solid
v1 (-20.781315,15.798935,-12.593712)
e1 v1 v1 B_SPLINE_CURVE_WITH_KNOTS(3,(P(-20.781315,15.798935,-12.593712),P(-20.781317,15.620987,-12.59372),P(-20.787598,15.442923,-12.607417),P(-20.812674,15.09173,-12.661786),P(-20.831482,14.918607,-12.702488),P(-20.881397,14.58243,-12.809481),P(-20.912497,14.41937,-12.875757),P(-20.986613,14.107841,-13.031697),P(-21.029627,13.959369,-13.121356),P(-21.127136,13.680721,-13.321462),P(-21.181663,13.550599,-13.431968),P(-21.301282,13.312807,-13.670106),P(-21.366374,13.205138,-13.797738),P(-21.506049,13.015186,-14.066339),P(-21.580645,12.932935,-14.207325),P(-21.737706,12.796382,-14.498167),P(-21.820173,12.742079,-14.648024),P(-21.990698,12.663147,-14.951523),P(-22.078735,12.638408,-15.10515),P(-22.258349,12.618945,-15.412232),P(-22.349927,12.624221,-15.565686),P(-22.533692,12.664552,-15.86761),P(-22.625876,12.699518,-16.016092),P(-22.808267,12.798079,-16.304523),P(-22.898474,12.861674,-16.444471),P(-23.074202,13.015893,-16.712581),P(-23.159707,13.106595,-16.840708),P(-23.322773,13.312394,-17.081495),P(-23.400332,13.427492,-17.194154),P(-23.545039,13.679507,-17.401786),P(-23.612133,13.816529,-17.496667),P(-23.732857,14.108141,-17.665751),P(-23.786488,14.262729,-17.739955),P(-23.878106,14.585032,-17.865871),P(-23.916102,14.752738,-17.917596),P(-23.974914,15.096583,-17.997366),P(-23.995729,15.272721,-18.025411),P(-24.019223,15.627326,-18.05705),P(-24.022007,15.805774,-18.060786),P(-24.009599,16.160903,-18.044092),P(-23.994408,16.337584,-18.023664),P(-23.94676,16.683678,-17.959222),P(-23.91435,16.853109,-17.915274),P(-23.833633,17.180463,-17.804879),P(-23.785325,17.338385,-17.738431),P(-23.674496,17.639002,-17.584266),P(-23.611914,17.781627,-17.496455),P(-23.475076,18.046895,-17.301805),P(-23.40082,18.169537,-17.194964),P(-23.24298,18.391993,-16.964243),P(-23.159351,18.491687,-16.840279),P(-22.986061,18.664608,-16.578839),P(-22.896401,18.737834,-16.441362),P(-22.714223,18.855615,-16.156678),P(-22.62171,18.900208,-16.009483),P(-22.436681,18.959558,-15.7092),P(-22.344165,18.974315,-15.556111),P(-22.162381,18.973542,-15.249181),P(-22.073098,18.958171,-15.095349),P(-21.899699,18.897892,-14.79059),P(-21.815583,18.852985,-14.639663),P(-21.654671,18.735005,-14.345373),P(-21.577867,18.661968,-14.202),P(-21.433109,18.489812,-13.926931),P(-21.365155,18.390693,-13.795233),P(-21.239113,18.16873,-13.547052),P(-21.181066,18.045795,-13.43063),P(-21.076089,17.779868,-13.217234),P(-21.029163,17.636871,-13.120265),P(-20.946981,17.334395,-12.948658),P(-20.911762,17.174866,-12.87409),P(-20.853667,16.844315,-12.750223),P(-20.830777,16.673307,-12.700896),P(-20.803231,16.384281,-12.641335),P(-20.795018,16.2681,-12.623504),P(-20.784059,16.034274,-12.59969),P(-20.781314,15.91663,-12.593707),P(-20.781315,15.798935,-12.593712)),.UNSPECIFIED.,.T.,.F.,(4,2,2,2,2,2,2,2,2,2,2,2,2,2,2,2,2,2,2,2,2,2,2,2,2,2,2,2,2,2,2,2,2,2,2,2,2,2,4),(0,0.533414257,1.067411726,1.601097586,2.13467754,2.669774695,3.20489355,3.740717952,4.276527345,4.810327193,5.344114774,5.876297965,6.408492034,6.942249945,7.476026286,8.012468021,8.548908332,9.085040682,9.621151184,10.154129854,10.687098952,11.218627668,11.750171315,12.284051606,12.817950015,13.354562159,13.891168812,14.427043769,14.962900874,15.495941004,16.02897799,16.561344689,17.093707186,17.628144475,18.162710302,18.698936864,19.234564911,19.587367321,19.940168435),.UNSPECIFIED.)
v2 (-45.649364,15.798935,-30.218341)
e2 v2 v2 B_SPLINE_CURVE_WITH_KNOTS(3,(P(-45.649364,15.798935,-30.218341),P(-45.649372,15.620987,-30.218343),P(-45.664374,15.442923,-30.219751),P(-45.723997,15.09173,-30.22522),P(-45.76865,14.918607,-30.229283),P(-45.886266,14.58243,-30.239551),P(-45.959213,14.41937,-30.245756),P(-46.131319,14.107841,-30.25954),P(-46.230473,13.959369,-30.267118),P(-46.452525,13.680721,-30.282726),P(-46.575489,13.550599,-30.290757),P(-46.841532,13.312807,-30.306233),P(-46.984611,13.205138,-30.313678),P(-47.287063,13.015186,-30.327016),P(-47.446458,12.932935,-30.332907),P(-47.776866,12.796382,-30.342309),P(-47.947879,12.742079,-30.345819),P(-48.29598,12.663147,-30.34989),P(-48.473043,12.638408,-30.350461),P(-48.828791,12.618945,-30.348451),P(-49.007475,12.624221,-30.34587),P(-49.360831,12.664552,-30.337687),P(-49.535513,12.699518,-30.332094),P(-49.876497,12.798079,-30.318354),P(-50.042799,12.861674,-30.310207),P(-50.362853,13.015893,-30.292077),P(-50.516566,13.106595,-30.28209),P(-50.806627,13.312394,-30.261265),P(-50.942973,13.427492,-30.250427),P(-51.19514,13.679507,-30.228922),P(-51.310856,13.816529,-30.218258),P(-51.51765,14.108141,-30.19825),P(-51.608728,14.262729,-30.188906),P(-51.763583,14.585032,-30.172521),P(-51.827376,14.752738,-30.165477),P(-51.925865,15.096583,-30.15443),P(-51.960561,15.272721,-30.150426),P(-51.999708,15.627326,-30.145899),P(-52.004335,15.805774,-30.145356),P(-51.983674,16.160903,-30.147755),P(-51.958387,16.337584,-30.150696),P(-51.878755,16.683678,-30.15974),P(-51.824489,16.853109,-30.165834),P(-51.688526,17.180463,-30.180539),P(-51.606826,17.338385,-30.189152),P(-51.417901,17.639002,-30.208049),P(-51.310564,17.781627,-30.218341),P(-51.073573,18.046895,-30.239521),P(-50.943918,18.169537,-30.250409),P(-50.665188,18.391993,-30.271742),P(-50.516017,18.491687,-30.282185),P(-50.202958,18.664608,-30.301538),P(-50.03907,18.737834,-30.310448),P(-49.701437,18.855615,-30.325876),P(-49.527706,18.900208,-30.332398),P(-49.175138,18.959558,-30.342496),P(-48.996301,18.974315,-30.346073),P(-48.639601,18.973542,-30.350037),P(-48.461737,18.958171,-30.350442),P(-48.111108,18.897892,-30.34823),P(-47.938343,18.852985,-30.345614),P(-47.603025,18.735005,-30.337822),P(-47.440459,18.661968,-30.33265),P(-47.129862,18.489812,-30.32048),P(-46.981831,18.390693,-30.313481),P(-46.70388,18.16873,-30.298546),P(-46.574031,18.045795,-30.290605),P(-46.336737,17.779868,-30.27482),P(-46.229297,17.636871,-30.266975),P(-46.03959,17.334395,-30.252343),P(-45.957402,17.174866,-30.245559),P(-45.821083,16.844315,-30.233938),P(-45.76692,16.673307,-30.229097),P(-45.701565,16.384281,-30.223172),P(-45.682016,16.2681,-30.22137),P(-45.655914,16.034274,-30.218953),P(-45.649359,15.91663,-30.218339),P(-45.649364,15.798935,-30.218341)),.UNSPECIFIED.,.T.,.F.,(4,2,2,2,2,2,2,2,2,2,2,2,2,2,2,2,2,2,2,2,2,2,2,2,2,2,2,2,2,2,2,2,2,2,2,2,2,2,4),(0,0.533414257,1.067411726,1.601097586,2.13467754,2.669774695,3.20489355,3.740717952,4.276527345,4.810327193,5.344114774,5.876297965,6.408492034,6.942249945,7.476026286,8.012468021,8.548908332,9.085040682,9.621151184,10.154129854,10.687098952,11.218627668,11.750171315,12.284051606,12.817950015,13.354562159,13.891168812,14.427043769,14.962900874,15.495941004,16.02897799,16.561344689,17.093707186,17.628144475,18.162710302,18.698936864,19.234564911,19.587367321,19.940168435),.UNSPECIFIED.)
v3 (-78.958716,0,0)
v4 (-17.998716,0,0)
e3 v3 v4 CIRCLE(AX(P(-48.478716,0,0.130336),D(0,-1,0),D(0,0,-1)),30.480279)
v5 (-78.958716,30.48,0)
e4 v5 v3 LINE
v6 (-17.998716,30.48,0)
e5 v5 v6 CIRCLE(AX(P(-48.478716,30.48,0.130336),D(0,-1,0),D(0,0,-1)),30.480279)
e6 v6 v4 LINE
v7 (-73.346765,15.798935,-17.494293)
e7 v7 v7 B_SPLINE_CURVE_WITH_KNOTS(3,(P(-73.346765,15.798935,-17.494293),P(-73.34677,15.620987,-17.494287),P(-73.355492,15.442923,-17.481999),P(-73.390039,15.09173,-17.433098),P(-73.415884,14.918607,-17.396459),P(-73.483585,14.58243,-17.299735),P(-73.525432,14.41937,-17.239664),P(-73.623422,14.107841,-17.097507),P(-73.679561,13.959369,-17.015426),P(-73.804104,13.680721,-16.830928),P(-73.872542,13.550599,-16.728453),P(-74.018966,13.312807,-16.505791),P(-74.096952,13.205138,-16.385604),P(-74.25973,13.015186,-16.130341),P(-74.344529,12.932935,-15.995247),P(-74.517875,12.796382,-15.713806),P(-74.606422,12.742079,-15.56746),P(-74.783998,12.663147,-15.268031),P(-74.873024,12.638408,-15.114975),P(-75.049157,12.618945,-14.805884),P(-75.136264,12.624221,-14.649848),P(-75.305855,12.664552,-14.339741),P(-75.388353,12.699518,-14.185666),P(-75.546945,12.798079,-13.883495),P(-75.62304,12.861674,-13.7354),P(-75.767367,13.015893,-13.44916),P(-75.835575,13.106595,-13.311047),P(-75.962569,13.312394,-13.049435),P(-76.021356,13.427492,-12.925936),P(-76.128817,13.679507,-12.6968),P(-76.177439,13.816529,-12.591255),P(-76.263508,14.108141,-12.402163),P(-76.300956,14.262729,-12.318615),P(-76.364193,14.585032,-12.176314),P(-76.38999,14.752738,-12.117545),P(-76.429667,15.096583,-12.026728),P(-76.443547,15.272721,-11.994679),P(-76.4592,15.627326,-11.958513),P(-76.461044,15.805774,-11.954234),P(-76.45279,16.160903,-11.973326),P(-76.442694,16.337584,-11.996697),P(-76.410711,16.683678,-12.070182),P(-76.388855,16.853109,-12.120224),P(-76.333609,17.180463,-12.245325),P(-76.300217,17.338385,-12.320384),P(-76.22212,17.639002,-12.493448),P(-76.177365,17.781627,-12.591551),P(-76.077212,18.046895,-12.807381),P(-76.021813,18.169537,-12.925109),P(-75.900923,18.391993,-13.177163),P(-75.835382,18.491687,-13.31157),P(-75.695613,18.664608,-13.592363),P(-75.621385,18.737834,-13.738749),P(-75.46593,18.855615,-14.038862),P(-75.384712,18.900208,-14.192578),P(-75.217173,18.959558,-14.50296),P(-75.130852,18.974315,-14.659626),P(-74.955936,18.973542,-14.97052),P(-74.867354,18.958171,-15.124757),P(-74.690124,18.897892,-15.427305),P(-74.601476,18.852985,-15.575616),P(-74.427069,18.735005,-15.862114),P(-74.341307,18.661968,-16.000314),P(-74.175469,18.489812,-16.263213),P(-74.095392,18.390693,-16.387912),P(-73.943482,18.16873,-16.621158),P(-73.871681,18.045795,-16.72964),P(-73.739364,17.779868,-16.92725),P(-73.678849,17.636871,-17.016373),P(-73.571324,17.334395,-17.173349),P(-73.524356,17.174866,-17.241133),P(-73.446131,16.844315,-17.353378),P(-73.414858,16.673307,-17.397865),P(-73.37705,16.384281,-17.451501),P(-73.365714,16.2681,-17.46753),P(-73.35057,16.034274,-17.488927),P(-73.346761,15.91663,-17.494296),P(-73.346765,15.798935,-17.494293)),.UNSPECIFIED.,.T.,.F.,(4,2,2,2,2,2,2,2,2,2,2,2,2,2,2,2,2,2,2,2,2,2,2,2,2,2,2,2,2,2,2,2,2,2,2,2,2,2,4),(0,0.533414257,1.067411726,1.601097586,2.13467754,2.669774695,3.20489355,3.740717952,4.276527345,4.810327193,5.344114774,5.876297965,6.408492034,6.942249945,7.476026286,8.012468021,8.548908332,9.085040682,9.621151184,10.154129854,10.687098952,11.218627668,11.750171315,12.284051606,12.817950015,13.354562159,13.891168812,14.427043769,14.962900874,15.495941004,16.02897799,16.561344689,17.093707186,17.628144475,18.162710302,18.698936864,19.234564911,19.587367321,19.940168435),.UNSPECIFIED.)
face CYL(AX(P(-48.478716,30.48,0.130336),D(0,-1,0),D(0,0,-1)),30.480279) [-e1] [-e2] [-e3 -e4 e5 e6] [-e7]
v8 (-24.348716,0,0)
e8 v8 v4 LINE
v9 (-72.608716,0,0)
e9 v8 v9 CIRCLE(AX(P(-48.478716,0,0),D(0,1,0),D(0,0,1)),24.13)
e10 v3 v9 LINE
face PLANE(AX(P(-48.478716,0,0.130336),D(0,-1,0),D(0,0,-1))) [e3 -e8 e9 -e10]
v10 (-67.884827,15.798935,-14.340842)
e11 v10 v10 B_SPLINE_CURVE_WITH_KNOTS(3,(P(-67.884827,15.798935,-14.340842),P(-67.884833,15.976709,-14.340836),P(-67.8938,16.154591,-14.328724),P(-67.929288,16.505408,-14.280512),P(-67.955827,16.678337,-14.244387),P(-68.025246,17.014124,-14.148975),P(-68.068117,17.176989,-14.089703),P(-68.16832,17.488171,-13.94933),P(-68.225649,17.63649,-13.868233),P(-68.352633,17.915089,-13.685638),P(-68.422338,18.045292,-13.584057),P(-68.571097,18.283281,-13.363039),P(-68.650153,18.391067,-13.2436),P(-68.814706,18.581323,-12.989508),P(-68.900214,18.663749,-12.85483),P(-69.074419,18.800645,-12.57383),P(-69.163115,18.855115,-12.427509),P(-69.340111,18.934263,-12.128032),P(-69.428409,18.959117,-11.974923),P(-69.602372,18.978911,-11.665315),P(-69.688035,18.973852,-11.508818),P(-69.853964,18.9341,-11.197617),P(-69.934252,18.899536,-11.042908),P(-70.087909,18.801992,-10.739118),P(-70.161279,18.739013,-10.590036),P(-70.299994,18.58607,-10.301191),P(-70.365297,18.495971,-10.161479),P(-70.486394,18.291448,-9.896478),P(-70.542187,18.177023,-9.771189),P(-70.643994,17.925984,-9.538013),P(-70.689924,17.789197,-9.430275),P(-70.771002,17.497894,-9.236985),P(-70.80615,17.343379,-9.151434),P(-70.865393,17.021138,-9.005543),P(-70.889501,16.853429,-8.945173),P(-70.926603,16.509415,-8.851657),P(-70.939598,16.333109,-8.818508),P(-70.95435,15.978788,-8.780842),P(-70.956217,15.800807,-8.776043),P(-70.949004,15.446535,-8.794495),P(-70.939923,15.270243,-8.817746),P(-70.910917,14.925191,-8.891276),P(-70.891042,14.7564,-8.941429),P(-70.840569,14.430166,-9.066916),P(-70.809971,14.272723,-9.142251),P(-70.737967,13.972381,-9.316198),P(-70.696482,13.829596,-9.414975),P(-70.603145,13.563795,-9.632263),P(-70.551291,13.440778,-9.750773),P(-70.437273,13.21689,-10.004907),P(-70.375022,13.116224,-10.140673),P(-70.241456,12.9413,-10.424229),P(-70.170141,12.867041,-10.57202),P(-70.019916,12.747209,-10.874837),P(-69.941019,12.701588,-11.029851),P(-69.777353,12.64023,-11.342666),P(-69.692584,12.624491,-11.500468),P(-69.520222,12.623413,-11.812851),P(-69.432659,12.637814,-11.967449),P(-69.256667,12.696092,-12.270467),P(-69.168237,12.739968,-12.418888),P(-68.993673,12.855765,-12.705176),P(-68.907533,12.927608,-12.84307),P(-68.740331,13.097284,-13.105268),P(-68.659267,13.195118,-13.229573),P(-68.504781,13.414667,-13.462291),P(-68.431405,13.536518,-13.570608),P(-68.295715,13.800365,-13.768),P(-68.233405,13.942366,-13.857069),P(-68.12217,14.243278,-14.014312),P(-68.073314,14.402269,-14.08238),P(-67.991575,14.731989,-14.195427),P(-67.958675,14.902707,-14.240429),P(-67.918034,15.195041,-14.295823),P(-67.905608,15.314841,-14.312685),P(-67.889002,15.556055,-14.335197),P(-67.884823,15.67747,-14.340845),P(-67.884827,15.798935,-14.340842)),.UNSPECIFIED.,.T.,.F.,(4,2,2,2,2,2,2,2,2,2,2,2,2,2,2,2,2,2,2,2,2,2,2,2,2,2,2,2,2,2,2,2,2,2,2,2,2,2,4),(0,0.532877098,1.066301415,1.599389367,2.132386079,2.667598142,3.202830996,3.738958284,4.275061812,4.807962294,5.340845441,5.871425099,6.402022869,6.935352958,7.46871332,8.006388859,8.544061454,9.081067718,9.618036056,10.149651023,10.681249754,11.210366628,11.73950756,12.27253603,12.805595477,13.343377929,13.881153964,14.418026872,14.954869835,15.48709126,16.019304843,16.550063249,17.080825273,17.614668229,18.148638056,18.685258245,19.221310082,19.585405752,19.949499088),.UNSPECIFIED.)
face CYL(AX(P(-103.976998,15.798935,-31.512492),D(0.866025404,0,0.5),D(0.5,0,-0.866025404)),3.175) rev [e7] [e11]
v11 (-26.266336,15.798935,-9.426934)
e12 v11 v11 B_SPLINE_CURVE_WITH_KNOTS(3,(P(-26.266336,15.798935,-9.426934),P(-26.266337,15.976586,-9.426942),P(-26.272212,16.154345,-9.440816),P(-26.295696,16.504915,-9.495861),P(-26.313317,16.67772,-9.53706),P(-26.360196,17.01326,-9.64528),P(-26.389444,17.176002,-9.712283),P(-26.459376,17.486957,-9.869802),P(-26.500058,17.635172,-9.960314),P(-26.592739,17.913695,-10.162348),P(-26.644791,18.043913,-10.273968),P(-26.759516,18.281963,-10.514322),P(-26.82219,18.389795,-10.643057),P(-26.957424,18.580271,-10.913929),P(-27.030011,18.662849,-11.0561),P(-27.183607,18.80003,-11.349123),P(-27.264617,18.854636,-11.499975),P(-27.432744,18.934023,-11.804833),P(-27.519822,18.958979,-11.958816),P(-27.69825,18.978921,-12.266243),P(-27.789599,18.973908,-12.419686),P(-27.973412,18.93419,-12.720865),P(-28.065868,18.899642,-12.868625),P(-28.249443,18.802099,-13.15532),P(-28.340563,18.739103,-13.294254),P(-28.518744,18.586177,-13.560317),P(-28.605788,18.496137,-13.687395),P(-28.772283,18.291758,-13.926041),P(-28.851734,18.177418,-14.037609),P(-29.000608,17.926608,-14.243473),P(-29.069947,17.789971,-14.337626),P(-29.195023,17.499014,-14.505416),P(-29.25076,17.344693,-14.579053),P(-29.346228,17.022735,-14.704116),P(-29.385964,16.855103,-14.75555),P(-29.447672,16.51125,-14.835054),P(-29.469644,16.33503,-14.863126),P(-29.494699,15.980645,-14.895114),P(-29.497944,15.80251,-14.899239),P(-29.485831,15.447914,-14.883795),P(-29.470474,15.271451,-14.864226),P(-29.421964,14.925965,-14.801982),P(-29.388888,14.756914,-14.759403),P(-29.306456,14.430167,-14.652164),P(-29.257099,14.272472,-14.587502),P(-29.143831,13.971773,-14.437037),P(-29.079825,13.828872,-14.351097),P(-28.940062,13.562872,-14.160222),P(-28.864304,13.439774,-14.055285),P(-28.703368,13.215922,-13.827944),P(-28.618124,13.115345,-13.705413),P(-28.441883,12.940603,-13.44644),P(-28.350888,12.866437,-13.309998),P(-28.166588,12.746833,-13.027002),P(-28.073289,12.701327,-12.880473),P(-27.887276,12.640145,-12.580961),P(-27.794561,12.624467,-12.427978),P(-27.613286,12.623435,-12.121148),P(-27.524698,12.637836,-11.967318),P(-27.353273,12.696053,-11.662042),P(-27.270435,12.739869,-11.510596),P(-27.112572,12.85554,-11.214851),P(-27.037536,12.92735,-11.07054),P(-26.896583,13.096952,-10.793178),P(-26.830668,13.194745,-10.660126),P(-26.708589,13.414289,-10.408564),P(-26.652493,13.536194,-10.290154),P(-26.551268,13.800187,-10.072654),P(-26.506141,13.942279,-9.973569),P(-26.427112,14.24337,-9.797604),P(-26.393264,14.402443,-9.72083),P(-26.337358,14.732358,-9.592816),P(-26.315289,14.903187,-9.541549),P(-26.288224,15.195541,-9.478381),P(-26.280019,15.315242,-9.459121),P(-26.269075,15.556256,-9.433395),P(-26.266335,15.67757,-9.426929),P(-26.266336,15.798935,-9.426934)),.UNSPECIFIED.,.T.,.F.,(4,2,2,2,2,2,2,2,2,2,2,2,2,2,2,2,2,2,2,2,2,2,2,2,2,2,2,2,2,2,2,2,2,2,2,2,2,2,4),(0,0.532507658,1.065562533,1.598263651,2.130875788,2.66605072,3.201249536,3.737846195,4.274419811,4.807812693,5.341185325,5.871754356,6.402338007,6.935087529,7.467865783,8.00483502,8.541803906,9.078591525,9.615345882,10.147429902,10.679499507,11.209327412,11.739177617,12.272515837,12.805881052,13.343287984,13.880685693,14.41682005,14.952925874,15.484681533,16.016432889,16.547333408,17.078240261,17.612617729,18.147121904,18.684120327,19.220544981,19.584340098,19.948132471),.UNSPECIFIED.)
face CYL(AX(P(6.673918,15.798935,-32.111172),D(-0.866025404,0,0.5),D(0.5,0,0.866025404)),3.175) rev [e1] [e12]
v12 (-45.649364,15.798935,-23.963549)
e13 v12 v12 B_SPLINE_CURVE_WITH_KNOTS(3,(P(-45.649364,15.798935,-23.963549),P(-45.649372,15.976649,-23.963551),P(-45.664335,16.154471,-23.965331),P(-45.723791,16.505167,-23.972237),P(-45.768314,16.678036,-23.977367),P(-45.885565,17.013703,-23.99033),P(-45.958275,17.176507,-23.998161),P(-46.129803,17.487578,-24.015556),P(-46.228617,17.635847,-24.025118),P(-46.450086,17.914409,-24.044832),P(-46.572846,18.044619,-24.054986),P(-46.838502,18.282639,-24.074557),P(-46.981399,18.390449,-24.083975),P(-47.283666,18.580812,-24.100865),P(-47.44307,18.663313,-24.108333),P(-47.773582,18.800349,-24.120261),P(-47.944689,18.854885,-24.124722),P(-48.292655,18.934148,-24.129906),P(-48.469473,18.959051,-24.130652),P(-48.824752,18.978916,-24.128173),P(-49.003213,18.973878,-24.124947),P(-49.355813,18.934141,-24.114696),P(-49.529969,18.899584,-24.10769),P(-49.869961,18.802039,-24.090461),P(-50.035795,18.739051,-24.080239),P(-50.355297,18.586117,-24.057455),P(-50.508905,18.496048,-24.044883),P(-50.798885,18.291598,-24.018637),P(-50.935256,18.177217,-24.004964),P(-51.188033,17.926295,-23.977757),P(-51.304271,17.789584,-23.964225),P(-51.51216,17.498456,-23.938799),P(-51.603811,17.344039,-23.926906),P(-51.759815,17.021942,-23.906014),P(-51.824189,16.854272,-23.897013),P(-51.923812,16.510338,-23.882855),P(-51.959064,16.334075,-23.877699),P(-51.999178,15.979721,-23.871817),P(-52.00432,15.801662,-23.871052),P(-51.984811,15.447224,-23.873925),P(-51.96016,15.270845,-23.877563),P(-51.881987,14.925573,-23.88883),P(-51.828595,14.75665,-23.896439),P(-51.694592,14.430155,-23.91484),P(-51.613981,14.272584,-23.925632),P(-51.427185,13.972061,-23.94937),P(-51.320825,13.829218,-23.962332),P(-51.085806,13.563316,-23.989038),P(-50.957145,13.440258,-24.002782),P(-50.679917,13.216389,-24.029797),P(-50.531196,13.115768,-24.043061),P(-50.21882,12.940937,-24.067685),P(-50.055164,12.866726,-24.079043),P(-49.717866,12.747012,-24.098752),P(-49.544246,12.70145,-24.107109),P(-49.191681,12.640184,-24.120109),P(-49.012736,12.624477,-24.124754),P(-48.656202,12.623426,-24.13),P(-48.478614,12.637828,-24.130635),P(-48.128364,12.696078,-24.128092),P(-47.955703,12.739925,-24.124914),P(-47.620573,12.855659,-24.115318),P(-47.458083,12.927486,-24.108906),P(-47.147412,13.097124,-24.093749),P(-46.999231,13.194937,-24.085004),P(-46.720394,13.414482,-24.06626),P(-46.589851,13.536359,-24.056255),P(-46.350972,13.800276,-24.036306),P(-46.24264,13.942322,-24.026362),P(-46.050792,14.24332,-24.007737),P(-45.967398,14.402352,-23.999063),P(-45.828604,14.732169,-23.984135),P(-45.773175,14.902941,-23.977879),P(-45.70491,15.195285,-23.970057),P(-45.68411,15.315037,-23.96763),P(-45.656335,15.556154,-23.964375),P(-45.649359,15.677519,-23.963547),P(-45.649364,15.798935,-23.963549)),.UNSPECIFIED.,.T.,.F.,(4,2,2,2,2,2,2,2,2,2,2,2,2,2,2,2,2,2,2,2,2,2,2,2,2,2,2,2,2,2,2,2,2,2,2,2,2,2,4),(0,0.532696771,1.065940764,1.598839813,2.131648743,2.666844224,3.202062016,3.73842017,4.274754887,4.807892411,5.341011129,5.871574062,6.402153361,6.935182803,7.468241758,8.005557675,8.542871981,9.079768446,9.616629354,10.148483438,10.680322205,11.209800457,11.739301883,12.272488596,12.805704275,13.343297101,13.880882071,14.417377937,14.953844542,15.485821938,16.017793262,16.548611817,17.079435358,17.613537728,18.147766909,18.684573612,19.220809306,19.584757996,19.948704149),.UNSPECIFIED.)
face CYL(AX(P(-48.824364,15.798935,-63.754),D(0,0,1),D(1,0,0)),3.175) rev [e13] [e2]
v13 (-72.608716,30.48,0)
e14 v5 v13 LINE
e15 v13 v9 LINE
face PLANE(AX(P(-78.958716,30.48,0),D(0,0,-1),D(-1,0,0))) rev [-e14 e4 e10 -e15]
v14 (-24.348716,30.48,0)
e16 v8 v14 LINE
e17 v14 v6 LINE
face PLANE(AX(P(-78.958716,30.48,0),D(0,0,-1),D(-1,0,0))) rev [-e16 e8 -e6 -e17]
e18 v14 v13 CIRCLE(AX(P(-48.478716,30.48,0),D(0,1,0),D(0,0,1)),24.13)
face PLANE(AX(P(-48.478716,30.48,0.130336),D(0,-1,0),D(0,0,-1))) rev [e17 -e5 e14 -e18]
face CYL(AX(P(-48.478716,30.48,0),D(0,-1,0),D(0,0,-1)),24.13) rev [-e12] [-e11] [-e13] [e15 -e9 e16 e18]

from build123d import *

# Parameters (mm, degrees)
BOSS_EXTRUDE1_DEPTH = 30.48
SKETCH3_R           = 24.13
CUT_EXTRUDE4_DEPTH  = 90.914560616
SKETCH4_R           = 3.175
CUT_EXTRUDE5_DEPTH  = 63.754
CIRPATTERN3_COUNT   = 6


with BuildPart() as part:
    # Sketch1 → Boss-Extrude1 (new body)
    with BuildSketch(Plane(origin=(0, 0, 0), x_dir=(1, 0, 0), z_dir=(0, 1, 0))):
        with BuildLine():
            Line((-78.958715675, 0), (-17.998715675, 0))
            ThreePointArc((-17.998715675, 0), (-48.478715675, 30.349942827), (-78.958715675, 0))
        make_face()
    extrude(amount=BOSS_EXTRUDE1_DEPTH)

    # Sketch3 → Cut-Extrude4 (cut, through all)
    with BuildSketch(Plane(origin=(0, 0, 0), x_dir=(1, 0, 0), z_dir=(0, 1, 0))):
        with Locations((-48.478715675, 0)):
            Circle(SKETCH3_R)
    extrude(amount=CUT_EXTRUDE4_DEPTH, mode=Mode.SUBTRACT)

    # Sketch4 → Cut-Extrude5 (cut)
    with BuildSketch(Plane.XY):
        with Locations((-48.824364134, 15.798935299)):
            Circle(SKETCH4_R)
    cut_extrude5 = extrude(amount=-CUT_EXTRUDE5_DEPTH, mode=Mode.SUBTRACT)

    # CirPattern3: Cut-Extrude5 ×6 about axis
    cirpattern3_axis = Axis((-48.478715675, 30.48, 0.130335837), (0, -1, 0))
    for i in range(1, CIRPATTERN3_COUNT):
        add(cut_extrude5.rotate(cirpattern3_axis, i * 360 / CIRPATTERN3_COUNT), mode=Mode.SUBTRACT)


solid = part.part
